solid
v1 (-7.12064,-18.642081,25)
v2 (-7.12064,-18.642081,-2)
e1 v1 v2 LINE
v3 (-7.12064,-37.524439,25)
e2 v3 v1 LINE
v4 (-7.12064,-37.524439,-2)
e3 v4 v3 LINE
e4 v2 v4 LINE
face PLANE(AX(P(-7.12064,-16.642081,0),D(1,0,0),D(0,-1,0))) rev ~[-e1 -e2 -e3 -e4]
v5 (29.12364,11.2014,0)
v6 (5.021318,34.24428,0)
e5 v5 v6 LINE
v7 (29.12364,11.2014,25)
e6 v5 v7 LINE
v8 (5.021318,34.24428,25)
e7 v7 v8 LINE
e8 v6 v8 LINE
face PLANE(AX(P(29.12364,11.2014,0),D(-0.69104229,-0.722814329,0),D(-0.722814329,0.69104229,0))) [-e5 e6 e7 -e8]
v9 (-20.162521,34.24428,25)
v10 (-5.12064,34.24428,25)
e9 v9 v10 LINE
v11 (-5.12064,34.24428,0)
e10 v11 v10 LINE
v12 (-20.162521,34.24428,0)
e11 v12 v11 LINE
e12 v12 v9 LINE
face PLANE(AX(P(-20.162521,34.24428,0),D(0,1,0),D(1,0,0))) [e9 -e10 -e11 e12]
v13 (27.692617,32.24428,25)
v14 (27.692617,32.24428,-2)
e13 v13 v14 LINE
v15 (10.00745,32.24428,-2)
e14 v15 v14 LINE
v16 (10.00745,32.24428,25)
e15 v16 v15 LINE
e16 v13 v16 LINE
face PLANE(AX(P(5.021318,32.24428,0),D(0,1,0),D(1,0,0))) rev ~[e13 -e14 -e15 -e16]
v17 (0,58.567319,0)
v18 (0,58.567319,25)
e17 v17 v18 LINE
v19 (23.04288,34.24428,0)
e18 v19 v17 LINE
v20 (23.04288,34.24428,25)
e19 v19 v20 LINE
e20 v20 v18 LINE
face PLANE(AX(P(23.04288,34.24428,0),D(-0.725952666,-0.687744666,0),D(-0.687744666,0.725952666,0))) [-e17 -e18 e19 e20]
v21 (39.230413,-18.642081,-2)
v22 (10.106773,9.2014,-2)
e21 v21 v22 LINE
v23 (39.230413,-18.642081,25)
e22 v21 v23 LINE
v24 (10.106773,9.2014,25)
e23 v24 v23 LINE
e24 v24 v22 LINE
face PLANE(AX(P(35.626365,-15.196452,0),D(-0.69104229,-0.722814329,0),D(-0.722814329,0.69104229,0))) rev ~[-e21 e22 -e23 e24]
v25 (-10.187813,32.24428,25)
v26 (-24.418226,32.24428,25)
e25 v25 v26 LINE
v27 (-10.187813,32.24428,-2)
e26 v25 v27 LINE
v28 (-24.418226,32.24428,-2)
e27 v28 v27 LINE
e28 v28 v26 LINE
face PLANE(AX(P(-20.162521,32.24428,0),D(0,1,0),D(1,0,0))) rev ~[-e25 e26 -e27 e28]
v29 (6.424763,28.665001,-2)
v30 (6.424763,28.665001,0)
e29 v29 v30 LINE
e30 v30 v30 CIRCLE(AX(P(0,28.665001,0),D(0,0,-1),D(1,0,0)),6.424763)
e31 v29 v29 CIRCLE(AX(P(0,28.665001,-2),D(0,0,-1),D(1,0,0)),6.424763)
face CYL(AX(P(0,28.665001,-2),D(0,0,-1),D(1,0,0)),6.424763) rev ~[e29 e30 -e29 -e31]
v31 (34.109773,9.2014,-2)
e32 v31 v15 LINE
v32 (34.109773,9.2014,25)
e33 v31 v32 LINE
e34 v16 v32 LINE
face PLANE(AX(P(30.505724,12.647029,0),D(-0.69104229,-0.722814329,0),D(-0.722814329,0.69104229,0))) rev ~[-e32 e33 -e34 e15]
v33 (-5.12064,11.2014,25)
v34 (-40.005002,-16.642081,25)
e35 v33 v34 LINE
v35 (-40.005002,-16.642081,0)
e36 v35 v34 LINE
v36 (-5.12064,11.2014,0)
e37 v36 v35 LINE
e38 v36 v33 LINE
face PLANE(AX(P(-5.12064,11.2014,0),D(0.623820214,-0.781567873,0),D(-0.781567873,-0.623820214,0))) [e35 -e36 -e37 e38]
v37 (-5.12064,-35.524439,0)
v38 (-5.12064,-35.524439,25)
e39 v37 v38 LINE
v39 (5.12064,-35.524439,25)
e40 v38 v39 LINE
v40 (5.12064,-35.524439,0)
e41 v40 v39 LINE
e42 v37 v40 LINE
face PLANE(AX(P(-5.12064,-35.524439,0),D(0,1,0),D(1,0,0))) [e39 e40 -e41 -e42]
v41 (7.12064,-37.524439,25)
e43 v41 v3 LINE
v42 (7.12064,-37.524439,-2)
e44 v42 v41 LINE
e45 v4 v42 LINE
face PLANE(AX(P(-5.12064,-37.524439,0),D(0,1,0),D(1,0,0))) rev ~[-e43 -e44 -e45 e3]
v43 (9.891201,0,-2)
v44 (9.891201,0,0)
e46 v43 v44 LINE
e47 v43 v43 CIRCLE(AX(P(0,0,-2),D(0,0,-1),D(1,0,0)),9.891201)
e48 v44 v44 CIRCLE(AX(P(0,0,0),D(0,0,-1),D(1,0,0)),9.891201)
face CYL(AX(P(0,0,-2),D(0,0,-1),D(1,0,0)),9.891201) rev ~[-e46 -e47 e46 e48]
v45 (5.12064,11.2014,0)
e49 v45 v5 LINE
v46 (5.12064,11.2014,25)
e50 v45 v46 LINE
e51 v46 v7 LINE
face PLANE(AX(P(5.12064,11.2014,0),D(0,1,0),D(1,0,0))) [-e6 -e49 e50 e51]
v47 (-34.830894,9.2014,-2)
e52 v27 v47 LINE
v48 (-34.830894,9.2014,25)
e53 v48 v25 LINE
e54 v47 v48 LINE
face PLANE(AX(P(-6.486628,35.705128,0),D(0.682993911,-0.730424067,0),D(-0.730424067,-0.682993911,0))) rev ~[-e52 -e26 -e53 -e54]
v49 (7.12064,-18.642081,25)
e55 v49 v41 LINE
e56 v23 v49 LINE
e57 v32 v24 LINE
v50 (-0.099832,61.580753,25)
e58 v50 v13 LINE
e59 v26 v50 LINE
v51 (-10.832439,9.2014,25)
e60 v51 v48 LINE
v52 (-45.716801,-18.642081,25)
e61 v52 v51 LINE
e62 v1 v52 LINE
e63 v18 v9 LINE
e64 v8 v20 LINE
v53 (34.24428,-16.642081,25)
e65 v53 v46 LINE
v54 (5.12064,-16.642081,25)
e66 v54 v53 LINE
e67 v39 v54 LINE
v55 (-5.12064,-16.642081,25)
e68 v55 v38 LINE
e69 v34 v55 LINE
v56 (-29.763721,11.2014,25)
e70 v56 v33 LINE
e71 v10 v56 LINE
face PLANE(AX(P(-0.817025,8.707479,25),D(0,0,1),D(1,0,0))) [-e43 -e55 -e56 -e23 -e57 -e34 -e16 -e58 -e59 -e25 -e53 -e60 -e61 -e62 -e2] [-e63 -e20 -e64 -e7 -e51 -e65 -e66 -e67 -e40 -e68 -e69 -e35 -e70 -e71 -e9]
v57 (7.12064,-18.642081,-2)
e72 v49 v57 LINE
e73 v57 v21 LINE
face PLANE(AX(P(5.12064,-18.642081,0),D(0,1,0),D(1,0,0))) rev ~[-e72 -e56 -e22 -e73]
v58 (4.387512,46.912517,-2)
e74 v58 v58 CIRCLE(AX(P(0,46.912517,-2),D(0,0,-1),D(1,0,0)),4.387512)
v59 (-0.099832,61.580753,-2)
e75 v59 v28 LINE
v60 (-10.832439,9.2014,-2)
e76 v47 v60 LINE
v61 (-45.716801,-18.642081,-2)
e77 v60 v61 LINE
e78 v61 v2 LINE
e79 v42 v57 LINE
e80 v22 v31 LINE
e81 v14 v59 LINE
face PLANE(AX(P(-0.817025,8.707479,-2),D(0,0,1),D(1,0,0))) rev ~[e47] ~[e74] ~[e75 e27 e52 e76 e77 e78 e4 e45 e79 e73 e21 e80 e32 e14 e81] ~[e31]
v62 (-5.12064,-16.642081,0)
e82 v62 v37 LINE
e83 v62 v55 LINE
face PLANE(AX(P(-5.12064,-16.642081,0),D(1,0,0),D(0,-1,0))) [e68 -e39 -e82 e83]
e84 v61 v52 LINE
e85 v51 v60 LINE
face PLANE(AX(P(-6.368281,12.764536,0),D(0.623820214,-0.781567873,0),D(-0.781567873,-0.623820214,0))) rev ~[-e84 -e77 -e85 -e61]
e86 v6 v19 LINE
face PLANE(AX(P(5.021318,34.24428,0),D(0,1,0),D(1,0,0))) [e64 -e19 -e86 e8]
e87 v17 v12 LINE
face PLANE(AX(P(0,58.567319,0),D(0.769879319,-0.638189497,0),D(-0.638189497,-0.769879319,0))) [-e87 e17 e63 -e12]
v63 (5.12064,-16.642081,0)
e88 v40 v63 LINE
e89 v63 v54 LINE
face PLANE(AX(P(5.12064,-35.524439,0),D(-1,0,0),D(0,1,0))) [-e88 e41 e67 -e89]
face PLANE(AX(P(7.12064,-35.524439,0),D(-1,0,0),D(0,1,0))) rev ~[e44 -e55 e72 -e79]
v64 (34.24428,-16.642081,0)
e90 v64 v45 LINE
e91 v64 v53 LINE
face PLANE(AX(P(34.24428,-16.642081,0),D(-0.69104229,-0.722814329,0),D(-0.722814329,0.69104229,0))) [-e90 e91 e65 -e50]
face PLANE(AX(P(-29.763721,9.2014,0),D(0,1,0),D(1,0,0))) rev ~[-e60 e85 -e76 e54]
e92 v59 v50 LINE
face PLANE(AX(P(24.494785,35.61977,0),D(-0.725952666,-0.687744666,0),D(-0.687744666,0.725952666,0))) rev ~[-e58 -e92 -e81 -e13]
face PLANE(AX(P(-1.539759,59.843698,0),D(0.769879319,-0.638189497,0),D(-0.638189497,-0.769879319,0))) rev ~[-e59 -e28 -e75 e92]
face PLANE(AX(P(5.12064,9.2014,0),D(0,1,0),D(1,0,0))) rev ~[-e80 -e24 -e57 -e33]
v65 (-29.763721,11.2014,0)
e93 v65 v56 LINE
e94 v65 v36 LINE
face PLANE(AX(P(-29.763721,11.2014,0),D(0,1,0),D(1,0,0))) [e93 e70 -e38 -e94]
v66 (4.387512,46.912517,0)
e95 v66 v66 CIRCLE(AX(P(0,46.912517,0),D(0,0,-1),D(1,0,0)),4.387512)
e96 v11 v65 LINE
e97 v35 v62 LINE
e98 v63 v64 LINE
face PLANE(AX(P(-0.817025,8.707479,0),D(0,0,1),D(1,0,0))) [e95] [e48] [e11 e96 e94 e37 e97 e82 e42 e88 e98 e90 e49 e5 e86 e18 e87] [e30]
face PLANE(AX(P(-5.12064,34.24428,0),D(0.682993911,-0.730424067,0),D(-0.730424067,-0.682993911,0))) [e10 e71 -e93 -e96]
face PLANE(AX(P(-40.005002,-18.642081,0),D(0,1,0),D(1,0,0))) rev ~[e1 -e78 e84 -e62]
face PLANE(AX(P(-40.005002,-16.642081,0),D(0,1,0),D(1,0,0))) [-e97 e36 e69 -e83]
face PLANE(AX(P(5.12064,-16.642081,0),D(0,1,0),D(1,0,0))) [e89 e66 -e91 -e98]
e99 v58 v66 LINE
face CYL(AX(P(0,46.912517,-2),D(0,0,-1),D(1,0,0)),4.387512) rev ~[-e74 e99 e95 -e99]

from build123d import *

# Parameters (mm, degrees)
F1_DEPTH = 25
F2_T     = 2
F3_R     = 9.8912008391
F3_R_2   = 4.387511957
F3_R_3   = 6.4247632348
F4_DEPTH = 25


with BuildPart() as f1:
    # F0 (on Top) → F1 (new body)
    with BuildSketch(Plane.XY):
        Polygon((23.0428799987, 34.2442803085), (0, 58.5673190653), (-20.1625209302, 34.2442803085), (-5.1206401549, 34.2442803085), (-29.7637209296, 11.2014003098), (-5.1206401549, 11.2014003098), (-40.0050021708, -16.6420806199), (-5.1206401549, -16.6420806199), (-5.1206401549, -35.5244390666), (5.1206401549, -35.5244390666), (5.1206401549, -16.6420806199), (34.2442803085, -16.6420806199), (5.1206401549, 11.2014003098), (29.1236396879, 11.2014003098), (5.0213176084, 34.2442803085), align=None)
    extrude(amount=F1_DEPTH)

    # F2
    f2_openings = [f1.faces().sort_by_distance(p)[0] for p in [
        (-0.665195, 9.585773, 25),
    ]]
    offset(amount=F2_T, openings=f2_openings, kind=Kind.INTERSECTION)

    # F3 (on face) → F4 (cut)
    with BuildSketch(Plane(origin=(0, 0, -2), x_dir=(1, 0, 0), z_dir=(0, 0, -1))):
        Circle(F3_R)
        with Locations((0, -46.9125165525)):
            Circle(F3_R_2)
        with Locations((0, -28.6650005728)):
            Circle(F3_R_3)
    extrude(amount=-F4_DEPTH, mode=Mode.SUBTRACT)


solid = f1.part
